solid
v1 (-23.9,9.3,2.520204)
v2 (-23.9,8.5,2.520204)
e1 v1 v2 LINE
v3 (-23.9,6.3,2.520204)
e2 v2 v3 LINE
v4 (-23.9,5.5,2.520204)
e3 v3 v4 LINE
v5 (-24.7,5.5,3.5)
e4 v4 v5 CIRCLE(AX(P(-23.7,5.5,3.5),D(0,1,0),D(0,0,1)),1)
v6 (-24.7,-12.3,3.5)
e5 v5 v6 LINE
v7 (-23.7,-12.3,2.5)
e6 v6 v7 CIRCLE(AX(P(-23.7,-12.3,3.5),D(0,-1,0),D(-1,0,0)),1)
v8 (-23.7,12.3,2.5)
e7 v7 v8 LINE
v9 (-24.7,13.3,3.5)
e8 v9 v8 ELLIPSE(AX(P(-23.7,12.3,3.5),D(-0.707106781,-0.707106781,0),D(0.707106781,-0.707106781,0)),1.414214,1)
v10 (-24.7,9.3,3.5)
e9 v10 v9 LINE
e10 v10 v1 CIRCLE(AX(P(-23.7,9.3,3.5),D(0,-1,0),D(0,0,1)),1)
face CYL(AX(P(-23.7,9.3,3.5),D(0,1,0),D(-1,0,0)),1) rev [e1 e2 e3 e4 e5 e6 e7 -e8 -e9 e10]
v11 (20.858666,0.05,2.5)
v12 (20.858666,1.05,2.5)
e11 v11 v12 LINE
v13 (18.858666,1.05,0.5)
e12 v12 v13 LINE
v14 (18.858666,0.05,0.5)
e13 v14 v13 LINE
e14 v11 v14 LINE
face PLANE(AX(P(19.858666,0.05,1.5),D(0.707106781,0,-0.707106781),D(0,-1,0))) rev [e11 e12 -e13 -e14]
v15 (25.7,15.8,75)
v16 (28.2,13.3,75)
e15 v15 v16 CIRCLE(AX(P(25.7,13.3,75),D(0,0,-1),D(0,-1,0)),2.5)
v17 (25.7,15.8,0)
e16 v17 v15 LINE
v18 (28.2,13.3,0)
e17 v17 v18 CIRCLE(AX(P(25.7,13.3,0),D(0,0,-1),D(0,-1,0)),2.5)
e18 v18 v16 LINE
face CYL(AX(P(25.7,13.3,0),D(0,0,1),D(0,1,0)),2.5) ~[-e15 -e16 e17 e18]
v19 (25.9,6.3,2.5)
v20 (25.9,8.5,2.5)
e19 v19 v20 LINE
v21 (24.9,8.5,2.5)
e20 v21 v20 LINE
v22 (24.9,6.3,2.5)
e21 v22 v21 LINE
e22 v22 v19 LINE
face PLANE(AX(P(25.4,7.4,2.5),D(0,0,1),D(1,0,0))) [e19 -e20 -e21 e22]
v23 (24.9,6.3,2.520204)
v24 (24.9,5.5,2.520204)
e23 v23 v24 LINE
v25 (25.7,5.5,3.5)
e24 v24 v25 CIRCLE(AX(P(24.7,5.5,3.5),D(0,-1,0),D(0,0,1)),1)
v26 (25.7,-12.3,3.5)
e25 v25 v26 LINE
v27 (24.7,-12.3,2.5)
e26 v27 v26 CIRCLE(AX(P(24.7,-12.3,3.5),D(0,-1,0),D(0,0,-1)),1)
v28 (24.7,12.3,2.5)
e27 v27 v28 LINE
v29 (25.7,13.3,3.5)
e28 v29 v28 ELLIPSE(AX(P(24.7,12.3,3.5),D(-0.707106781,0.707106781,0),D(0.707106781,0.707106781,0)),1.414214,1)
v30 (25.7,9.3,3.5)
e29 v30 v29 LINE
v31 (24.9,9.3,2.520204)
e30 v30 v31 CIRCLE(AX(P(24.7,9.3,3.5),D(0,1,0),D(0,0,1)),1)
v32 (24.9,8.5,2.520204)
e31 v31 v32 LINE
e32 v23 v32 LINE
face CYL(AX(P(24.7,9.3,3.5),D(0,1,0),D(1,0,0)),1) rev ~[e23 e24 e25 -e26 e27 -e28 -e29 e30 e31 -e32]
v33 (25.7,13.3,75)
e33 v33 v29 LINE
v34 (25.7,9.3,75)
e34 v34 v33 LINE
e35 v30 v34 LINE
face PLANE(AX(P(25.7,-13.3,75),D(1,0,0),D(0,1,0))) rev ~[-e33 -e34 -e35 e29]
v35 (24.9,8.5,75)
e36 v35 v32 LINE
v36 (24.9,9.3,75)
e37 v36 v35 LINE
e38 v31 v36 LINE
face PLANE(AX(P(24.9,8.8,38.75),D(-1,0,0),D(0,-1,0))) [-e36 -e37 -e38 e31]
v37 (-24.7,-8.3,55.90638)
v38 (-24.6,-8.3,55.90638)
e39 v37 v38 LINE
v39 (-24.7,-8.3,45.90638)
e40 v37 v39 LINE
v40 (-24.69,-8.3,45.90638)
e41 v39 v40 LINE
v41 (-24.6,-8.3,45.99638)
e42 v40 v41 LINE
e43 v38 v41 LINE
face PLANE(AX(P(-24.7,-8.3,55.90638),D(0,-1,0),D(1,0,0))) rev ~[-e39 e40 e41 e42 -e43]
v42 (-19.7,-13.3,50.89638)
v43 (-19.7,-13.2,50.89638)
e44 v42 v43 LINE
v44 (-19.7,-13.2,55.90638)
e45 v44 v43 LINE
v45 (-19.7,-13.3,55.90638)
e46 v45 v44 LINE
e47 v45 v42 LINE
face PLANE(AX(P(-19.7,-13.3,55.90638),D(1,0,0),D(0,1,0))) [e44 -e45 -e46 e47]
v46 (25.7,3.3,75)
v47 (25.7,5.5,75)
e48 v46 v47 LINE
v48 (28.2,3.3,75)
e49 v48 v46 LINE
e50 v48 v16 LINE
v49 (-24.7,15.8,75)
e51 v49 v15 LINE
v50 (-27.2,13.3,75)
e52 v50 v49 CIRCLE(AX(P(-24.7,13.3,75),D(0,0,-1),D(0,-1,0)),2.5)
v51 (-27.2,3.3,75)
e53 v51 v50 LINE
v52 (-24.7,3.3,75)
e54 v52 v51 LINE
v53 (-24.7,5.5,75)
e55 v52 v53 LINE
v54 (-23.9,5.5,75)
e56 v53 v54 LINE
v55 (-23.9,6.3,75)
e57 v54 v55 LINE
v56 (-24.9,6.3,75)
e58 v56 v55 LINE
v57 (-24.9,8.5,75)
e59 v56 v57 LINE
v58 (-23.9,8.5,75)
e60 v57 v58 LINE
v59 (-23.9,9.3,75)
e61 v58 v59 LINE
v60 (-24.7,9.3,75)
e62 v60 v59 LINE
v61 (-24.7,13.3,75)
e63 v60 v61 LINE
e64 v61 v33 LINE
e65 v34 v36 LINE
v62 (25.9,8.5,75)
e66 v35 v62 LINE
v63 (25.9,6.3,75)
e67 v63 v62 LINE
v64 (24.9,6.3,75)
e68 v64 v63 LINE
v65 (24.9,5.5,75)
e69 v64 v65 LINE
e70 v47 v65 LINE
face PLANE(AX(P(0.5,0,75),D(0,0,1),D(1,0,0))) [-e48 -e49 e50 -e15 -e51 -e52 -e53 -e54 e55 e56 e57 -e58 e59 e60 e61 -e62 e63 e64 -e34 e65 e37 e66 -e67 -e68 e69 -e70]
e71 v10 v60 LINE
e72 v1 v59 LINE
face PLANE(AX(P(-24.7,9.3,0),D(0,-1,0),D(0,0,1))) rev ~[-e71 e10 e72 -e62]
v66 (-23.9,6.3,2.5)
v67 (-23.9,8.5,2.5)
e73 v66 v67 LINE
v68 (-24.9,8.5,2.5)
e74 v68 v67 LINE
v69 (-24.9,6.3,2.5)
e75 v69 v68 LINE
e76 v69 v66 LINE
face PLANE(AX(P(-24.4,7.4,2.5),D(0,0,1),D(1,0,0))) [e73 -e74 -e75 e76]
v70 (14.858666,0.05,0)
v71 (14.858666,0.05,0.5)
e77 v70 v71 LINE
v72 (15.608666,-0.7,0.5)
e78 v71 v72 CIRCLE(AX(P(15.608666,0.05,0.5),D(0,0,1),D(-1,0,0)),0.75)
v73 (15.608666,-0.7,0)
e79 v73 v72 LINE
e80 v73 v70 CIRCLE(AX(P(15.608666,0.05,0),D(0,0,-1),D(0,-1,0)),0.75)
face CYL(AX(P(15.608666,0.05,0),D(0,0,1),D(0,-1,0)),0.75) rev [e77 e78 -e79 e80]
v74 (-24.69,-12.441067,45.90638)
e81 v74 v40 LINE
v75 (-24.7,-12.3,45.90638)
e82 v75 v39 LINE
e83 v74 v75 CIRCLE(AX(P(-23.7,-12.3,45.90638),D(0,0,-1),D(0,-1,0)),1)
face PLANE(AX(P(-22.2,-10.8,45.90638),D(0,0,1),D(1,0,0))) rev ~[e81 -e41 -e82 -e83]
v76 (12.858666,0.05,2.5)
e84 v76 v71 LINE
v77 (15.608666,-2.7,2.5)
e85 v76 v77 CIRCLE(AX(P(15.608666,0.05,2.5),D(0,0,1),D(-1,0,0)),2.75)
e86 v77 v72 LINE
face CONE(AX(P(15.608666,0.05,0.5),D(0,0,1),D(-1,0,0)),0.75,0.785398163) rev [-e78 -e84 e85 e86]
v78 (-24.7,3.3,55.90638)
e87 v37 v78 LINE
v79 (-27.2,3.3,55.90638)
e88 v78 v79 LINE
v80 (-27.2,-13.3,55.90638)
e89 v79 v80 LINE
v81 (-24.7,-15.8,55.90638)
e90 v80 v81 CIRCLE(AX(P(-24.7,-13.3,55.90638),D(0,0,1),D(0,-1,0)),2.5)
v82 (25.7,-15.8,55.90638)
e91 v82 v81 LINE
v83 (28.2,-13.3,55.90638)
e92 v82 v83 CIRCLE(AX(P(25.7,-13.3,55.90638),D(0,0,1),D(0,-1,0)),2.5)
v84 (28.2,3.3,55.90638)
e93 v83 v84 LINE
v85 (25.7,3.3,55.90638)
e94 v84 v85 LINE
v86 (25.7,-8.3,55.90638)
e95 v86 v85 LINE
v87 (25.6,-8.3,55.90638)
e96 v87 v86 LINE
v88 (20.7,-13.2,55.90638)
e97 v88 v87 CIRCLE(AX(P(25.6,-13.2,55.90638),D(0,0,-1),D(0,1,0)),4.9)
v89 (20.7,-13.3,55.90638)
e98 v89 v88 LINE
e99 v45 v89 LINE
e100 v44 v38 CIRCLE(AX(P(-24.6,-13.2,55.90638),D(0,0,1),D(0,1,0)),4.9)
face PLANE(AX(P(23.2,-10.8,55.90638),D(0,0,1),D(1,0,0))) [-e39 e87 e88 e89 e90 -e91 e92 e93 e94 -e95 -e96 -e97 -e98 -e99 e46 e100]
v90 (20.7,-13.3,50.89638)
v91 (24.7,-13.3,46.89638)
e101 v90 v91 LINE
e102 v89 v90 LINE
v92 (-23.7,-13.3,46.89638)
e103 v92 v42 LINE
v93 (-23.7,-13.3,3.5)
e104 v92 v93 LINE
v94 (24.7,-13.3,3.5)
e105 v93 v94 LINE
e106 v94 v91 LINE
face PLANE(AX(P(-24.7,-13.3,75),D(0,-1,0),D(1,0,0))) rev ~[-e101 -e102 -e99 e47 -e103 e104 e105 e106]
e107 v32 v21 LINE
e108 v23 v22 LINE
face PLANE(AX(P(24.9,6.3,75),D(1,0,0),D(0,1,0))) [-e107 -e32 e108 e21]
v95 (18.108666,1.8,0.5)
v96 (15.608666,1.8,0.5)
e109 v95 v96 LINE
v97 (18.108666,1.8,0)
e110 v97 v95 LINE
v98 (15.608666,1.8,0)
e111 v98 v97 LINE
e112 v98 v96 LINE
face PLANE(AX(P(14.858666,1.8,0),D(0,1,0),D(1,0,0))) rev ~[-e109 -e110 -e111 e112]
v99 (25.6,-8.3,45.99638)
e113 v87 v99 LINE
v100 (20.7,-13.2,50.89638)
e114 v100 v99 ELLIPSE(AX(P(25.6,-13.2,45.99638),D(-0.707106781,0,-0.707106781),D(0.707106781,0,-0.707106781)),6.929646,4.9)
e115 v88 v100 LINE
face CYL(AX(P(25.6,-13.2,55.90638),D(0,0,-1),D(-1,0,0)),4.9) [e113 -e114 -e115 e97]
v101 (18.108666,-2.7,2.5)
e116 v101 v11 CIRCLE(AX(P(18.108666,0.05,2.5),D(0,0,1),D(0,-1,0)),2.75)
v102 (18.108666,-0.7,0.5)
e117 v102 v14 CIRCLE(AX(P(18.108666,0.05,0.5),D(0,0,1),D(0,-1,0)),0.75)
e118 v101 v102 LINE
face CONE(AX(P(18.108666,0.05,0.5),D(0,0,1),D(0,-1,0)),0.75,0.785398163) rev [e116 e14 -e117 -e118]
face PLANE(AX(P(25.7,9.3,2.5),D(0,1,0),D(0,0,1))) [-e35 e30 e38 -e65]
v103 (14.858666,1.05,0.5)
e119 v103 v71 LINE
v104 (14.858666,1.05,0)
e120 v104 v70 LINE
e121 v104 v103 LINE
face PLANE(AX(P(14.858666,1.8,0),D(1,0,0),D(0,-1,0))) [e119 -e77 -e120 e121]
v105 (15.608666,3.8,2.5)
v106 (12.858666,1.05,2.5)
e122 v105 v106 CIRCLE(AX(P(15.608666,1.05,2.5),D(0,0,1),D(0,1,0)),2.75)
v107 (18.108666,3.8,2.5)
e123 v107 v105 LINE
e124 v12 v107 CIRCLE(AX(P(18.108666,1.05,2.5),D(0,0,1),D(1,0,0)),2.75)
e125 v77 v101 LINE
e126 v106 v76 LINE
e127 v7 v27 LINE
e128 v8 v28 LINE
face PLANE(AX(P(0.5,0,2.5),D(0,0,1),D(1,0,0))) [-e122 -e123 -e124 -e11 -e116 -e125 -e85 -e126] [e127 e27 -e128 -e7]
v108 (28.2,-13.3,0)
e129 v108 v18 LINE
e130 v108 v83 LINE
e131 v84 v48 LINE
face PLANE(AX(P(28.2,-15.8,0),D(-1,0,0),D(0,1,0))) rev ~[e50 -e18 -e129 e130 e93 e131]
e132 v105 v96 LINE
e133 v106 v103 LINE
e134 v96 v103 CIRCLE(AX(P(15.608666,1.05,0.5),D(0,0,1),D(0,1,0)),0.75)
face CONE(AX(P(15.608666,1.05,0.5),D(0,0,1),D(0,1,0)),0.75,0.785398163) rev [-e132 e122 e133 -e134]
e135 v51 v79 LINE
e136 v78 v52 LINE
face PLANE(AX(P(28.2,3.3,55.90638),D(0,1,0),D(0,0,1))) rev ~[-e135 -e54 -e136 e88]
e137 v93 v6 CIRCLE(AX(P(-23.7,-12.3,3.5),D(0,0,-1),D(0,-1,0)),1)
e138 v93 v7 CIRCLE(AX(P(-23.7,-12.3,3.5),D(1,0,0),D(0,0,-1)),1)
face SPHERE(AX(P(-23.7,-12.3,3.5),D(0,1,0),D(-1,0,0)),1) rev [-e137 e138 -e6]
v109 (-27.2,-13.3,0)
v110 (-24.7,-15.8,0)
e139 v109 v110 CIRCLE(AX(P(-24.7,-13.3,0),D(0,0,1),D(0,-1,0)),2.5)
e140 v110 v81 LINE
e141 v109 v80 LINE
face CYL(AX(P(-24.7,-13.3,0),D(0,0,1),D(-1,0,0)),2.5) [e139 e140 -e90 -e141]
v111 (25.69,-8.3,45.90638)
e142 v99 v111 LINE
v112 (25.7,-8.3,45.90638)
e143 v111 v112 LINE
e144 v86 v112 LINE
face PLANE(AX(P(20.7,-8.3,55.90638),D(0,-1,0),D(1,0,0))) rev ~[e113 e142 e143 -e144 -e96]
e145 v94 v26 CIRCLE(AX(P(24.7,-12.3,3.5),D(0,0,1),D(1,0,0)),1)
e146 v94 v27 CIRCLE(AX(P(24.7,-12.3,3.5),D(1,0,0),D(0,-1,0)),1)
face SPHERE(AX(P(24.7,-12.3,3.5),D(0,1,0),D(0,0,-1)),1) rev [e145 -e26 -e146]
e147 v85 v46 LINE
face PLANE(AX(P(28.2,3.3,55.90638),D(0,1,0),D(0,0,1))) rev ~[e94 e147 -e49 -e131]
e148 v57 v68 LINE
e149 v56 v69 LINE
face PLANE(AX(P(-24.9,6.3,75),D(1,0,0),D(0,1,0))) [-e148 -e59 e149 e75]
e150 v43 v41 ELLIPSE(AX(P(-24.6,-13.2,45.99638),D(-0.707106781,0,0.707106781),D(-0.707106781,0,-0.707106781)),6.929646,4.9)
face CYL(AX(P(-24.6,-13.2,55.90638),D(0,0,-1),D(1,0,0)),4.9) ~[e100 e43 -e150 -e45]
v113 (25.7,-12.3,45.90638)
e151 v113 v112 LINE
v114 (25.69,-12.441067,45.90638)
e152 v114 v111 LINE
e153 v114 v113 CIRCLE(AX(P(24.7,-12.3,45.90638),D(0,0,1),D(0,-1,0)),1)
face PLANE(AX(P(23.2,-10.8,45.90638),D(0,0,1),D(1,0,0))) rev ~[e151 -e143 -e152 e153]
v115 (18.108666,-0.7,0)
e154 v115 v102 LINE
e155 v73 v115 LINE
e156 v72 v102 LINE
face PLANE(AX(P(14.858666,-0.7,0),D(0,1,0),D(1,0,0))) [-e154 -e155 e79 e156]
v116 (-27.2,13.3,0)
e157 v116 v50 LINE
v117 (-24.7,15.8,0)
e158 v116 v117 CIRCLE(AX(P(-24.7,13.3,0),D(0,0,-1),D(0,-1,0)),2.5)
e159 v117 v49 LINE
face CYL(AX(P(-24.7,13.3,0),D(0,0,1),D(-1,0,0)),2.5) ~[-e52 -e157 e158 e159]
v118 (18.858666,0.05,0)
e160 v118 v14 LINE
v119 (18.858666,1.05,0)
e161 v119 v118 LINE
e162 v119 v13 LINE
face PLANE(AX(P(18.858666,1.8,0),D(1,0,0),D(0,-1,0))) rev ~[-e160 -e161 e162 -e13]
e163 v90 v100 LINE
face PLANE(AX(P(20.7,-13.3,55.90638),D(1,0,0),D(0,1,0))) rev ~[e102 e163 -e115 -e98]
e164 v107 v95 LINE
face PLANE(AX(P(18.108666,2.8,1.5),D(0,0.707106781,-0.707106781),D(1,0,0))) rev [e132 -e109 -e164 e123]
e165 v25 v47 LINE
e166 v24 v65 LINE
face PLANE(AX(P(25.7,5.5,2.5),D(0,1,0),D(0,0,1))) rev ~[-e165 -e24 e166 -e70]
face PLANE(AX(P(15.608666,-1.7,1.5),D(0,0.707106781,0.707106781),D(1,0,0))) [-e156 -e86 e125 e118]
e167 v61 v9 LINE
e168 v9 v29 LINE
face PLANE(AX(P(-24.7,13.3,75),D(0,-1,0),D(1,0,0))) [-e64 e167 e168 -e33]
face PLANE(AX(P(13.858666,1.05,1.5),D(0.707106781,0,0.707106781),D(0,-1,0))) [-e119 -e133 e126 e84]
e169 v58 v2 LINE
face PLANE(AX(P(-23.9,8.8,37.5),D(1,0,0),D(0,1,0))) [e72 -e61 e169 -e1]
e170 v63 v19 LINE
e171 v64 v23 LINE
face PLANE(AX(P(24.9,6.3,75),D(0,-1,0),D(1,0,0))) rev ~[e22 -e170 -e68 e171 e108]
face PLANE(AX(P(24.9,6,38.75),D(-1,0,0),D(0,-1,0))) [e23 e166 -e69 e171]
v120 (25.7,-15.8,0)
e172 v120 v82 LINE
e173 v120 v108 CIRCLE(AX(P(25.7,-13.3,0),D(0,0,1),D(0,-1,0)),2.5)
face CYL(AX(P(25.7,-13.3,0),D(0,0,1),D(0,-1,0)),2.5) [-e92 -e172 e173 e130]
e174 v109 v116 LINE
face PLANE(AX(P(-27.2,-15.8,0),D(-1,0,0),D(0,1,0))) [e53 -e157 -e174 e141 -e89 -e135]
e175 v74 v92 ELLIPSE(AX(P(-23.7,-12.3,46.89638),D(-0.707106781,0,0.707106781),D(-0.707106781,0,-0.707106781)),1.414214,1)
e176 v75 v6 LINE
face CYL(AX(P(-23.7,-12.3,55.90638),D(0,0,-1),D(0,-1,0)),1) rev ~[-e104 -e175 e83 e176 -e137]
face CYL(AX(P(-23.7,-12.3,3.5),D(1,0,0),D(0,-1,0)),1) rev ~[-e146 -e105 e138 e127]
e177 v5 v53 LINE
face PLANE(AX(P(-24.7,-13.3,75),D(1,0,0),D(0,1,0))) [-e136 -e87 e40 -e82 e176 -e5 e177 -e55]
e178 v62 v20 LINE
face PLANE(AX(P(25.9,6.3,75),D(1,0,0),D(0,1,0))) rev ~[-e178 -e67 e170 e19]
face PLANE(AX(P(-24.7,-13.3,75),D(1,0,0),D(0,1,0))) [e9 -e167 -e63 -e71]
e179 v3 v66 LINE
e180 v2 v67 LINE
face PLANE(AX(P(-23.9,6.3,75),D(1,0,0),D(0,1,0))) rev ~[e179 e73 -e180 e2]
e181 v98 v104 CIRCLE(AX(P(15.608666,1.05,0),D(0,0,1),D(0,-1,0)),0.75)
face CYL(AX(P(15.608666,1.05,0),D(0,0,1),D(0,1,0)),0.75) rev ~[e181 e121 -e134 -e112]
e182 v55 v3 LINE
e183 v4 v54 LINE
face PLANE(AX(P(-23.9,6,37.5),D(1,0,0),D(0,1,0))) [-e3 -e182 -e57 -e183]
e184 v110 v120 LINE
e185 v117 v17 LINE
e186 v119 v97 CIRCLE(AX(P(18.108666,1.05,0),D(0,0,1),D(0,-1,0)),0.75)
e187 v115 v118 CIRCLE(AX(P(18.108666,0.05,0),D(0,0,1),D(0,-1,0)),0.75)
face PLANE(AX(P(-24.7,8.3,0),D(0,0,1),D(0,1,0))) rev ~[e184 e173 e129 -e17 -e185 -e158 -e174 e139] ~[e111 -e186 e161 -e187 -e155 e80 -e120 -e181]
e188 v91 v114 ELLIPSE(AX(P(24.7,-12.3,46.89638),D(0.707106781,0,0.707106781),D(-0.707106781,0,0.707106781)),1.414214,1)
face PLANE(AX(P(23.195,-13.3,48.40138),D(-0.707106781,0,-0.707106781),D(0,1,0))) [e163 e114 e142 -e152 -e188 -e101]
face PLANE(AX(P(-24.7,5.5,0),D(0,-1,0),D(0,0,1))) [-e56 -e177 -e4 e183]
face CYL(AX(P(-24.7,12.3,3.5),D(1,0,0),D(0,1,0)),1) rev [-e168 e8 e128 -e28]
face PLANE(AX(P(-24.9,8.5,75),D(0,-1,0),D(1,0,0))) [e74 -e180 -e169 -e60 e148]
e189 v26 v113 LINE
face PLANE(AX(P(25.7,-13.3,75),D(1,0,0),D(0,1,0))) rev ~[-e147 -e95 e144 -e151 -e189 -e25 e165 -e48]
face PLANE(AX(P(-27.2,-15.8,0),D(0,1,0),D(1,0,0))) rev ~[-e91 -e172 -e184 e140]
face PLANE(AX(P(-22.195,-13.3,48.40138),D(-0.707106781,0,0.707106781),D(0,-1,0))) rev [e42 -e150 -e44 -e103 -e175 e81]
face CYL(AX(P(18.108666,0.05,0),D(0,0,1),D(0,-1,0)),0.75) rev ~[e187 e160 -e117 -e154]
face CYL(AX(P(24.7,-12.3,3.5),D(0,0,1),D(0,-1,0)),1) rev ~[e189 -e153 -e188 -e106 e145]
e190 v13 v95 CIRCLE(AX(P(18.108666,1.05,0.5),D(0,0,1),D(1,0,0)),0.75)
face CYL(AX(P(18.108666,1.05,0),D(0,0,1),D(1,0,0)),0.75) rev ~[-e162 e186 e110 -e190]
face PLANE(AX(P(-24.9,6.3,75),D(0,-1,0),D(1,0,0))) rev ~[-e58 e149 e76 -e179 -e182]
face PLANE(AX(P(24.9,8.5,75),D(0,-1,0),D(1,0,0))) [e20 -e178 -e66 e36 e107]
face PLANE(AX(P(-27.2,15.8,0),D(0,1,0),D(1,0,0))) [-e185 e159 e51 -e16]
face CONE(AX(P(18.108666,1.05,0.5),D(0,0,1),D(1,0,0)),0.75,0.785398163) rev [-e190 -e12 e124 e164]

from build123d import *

# Parameters (mm, degrees)
SKETCH_W        = 55.4
SKETCH_H        = 31.6
PAD_DEPTH       = 75
SKETCH001_W     = 50.4
SKETCH001_H     = 26.6
POCKET_DEPTH    = 72.5
SKETCH002_W     = 1
SKETCH002_H     = 75
PAD001_DEPTH    = 0.8
SKETCH003_W     = 1
SKETCH003_H     = 72.5
PAD002_DEPTH    = 0.8
SKETCH004_W     = 19.1
SKETCH004_H     = 19.09362
POCKET001_DEPTH = 56
FILLET_R        = 1
FILLET001_R     = 1
SKETCH005_W     = 4
SKETCH005_H     = 2.5
POCKET002_DEPTH = 4
FILLET002_R     = 0.75
CHAMFER_SIZE    = 2
FILLET003_R     = 2.5
SKETCH006_W     = 1
SKETCH006_H     = 2.2
POCKET003_DEPTH = 72.5
SKETCH007_W     = 5
SKETCH007_H     = 5
PAD003_DEPTH    = 10
CHAMFER001_SIZE = 4.99
FILLET004_R     = 4.9


with BuildPart() as part:
    # Sketch → Pad (new body)
    with BuildSketch(Plane.XY):
        with Locations((0.5, 0)):
            Rectangle(SKETCH_W, SKETCH_H)
    extrude(amount=PAD_DEPTH)

    # Sketch001 (on Face6 of Pad) → Pocket (cut)
    with BuildSketch(Plane.XY.offset(75)):
        with Locations((0.5, 0)):
            Rectangle(SKETCH001_W, SKETCH001_H)
    extrude(amount=-POCKET_DEPTH, mode=Mode.SUBTRACT)

    # Sketch002 (on Face10 of Pocket) → Pad001 (join)
    with BuildSketch(Plane.YZ.offset(-24.7)):
        with Locations((8.8, 37.5)):
            Rectangle(SKETCH002_W, SKETCH002_H)
        with Locations((6, 37.5)):
            Rectangle(SKETCH002_W, SKETCH002_H)
    extrude(amount=PAD001_DEPTH)

    # Sketch003 (on Face10 of Pad001) → Pad002 (join)
    with BuildSketch(Plane(origin=(25.7, 0, 0), x_dir=(0, -1, 0), z_dir=(-1, 0, 0))):
        with Locations((-8.8, 38.75)):
            Rectangle(SKETCH003_W, SKETCH003_H)
        with Locations((-6, 38.75)):
            Rectangle(SKETCH003_W, SKETCH003_H)
    extrude(amount=PAD002_DEPTH)

    # Sketch004 (on Face3 of Pad002) → Pocket001 (cut)
    with BuildSketch(Plane.YZ.offset(28.2)):
        with Locations((-6.25, 65.45319)):
            Rectangle(SKETCH004_W, SKETCH004_H)
    extrude(amount=-POCKET001_DEPTH, mode=Mode.SUBTRACT)

    # Fillet
    fillet_edges = [part.edges().sort_by_distance(p)[0] for p in [
        (25.7, 11.3, 2.5),
        (0.5, 13.3, 2.5),
        (-24.7, 11.3, 2.5),
    ]]
    fillet(fillet_edges, radius=FILLET_R)

    # Fillet001
    fillet001_edges = [part.edges().sort_by_distance(p)[0] for p in [
        (0.5, -13.3, 2.5),
    ]]
    fillet(fillet001_edges, radius=FILLET001_R)

    # Sketch005 (on Face37 of Fillet001) → Pocket002 (cut)
    with BuildSketch(Plane(origin=(0, 0, 0), x_dir=(1, 0, 0), z_dir=(0, 0, -1))):
        with Locations((16.858666, -0.55)):
            Rectangle(SKETCH005_W, SKETCH005_H)
    extrude(amount=-POCKET002_DEPTH, mode=Mode.SUBTRACT)

    # Fillet002
    fillet002_edges = [part.edges().sort_by_distance(p)[0] for p in [
        (18.858666, 1.8, 1.25),
        (18.858666, -0.7, 1.25),
        (14.858666, -0.7, 1.25),
        (14.858666, 1.8, 1.25),
    ]]
    fillet(fillet002_edges, radius=FILLET002_R)

    # Chamfer
    chamfer_edges = [part.edges().sort_by_distance(p)[0] for p in [
        (16.858666, 1.8, 2.5),
    ]]
    chamfer(chamfer_edges, length=CHAMFER_SIZE)

    # Fillet003
    fillet003_edges = [part.edges().sort_by_distance(p)[0] for p in [
        (-27.2, -15.8, 27.95319),
        (-27.2, 15.8, 37.5),
        (28.2, -15.8, 27.95319),
        (28.2, 15.8, 37.5),
    ]]
    fillet(fillet003_edges, radius=FILLET003_R)

    # Sketch006 (on Face20 of Fillet003) → Pocket003 (cut)
    with BuildSketch(Plane.XY.offset(75)):
        with Locations((-24.4, 7.4)):
            Rectangle(SKETCH006_W, SKETCH006_H)
        with Locations((25.4, 7.4)):
            Rectangle(SKETCH006_W, SKETCH006_H)
    extrude(amount=-POCKET003_DEPTH, mode=Mode.SUBTRACT)

    # Sketch007 (on Face21 of Pocket003) → Pad003 (join)
    with BuildSketch(Plane.XY.offset(55.90638)):
        with Locations((23.2, -10.8)):
            Rectangle(SKETCH007_W, SKETCH007_H)
        with Locations((-22.2, -10.8)):
            Rectangle(SKETCH007_W, SKETCH007_H)
    extrude(amount=-PAD003_DEPTH)

    # Chamfer001
    chamfer001_edges = [part.edges().sort_by_distance(p)[0] for p in [
        (20.7, -10.8, 45.90638),
        (-19.7, -10.8, 45.90638),
    ]]
    chamfer(chamfer001_edges, length=CHAMFER001_SIZE)

    # Fillet004
    fillet004_edges = [part.edges().sort_by_distance(p)[0] for p in [
        (-19.7, -8.3, 53.40138),
        (20.7, -8.3, 53.40138),
    ]]
    fillet(fillet004_edges, radius=FILLET004_R)


solid = part.part
